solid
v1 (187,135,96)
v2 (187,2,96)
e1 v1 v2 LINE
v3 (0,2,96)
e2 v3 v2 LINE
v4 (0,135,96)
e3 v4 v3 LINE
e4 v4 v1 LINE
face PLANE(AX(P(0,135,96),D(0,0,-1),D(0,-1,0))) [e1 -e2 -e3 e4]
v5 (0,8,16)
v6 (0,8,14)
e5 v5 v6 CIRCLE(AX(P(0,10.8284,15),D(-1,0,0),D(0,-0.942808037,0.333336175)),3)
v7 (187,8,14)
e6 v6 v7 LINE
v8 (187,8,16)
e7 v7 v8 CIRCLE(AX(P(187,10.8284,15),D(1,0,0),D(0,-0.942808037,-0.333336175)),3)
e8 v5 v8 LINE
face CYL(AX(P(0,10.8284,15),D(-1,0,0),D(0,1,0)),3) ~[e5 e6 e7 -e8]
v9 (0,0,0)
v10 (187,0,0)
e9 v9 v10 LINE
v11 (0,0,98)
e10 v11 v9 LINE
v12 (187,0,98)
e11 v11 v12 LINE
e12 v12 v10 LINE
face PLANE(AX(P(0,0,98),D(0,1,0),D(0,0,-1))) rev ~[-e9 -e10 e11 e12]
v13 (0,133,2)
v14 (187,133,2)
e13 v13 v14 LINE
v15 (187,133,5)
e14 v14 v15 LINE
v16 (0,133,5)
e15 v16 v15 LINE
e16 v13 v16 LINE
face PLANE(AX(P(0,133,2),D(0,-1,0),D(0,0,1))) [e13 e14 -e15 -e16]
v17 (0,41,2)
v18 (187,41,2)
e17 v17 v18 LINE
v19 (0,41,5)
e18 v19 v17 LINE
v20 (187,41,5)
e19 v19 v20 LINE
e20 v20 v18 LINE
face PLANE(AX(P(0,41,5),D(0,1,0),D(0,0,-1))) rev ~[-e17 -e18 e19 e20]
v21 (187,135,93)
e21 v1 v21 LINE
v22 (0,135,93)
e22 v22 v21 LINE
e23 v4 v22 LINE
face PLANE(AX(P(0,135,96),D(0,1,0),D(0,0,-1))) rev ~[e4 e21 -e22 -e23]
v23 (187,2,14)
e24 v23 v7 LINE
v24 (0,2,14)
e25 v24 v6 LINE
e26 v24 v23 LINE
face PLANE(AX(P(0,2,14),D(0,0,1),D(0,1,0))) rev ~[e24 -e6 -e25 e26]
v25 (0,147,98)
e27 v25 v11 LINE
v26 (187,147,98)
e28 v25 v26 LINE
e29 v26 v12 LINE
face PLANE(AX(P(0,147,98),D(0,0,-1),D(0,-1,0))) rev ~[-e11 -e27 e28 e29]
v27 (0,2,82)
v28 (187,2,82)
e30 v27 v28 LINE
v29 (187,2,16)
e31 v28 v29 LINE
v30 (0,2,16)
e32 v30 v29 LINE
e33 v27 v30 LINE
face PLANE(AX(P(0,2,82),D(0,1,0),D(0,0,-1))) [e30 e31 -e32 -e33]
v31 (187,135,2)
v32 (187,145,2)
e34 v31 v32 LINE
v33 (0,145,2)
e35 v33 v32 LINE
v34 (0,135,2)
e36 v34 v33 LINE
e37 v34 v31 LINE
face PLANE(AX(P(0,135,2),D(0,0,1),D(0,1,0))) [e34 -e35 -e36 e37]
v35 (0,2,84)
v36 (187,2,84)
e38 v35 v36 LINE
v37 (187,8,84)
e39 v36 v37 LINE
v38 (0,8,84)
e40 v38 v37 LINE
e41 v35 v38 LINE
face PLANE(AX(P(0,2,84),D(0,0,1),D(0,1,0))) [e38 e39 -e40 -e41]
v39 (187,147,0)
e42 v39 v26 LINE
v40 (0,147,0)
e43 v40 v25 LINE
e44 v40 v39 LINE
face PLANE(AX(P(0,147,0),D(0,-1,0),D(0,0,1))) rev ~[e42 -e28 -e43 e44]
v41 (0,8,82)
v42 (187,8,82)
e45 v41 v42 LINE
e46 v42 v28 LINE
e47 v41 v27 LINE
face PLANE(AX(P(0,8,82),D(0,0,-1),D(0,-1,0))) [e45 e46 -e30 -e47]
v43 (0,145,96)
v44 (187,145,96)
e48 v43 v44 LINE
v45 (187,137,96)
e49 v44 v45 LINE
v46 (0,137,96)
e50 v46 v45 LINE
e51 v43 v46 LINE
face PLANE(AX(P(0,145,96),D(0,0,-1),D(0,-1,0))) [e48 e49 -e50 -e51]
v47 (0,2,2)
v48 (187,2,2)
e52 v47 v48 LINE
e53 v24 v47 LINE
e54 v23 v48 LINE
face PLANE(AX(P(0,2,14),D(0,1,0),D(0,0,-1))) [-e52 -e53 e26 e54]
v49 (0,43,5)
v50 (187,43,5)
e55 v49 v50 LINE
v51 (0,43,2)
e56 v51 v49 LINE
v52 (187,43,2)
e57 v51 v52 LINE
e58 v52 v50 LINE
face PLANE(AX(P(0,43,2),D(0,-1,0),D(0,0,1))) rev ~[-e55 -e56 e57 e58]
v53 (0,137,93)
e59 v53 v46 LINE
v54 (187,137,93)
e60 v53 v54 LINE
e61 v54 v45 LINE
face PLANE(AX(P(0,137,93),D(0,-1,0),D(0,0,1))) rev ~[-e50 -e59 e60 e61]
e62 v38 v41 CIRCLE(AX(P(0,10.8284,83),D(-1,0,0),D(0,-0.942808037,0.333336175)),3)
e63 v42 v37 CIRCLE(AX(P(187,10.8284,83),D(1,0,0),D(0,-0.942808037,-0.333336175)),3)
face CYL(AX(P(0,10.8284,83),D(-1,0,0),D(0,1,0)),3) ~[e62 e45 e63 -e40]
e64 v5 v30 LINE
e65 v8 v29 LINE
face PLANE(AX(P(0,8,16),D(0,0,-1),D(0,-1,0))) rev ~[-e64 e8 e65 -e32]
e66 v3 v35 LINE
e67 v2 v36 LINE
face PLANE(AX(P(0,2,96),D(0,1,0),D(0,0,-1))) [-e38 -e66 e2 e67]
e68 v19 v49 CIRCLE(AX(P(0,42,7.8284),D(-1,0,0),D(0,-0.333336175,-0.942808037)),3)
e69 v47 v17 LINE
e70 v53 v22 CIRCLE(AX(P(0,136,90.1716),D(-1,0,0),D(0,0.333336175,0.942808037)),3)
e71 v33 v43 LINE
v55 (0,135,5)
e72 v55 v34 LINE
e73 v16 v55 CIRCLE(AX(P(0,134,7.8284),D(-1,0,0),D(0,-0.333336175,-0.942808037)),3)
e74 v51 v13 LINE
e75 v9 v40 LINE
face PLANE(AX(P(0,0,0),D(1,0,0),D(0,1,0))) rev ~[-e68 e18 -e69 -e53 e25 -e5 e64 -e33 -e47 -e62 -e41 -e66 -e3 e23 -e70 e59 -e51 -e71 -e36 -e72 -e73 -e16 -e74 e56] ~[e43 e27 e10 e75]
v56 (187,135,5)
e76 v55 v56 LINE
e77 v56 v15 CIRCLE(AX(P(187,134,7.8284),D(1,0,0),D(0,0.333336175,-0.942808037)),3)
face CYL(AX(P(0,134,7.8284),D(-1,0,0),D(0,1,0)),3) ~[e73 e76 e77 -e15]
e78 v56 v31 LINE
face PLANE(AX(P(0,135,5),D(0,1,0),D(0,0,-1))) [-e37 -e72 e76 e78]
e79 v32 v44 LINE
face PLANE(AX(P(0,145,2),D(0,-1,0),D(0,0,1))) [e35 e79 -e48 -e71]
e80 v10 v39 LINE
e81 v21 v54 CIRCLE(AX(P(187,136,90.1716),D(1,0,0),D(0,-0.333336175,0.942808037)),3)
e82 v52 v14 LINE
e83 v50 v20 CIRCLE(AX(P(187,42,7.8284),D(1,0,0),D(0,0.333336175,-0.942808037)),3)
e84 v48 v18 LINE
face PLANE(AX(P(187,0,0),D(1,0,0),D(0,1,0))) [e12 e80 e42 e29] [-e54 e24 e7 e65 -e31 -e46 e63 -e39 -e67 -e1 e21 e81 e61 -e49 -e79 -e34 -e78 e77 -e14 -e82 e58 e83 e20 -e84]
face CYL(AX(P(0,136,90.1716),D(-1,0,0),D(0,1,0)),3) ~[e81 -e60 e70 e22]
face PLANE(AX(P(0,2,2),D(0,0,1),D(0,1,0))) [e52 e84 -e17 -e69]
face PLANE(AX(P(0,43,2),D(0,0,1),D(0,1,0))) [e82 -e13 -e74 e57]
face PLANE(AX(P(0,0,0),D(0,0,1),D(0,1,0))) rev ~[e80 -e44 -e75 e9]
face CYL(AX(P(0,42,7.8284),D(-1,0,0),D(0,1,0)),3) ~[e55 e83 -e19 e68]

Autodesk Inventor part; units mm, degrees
ref_plane "YZ Plane" through (0, 0, 0) normal (1, 0, 0) x (0, 1, 0)
ref_plane "XZ Plane" through (0, 0, 0) normal (0, 1, 0) x (-1, 0, 0)
ref_plane "XY Plane" through (0, 0, 0) normal (0, 0, 1) x (1, 0, 0)
sketch "Sketch1" plane through (0, 0, 0) normal (1, 0, 0) x (0, 1, 0)
  line L0 (0, 0) -> (147, 0)
  line L1 (147, 0) -> (147, 98)
  line L2 (147, 98) -> (0, 98)
  line L3 (0, 98) -> (0, 0)
  line L4 (2, 2) -> (145, 2)
  line L5 (145, 2) -> (145, 96)
  line L6 (145, 96) -> (2, 96)
  line L7 (2, 96) -> (2, 2)
  line L8 (137, 96) -> (135, 96)
  line L9 (135, 96) -> (135, 93)
  line L10 (135, 93) -> (137, 93)
  line L11 (137, 93) -> (137, 96)
  circle A0 centre (136, 90.1716) radius 3
  line L12 (135, 2) -> (133, 2)
  line L13 (133, 2) -> (133, 5)
  line L14 (133, 5) -> (135, 5)
  line L15 (135, 5) -> (135, 2)
  circle A1 centre (134, 7.8284) radius 3
  line L16 (2, 84) -> (8, 84)
  line L17 (8, 84) -> (8, 82)
  line L18 (8, 82) -> (2, 82)
  line L19 (2, 82) -> (2, 84)
  line L20 (2, 14) -> (8, 14)
  line L21 (8, 14) -> (8, 16)
  line L22 (8, 16) -> (2, 16)
  line L23 (2, 16) -> (2, 14)
  line L24 (41, 2) -> (43, 2)
  line L25 (43, 2) -> (43, 5)
  line L26 (43, 5) -> (41, 5)
  line L27 (41, 5) -> (41, 2)
  circle A2 centre (10.8284, 83) radius 3
  circle A3 centre (10.8284, 15) radius 3
  circle A4 centre (42, 7.8284) radius 3
  point P0 (2, 16)
  dimension "d36" = 2
  dimension "d37" = 2
  dimension "d38" = 2
  dimension "d39" = 2
  dimension "d40" = 98
  dimension "d41" = 147
  dimension "d42" = 2
  dimension "d43" = 3
  dimension "d44" = 6
  dimension "d45" = 11
  dimension "d46" = 3
  dimension "d47" = 2
  dimension "d48" = 6
  dimension "d49" = 11
  dimension "d50" = 2
  dimension "d51" = 2
  dimension "d52" = 6
  dimension "d53" = 2
  dimension "d54" = 3
  dimension "d55" = 6
  dimension "d56" = 6
  dimension "d57" = 6
  dimension "d58" = 15
  dimension "d60" = 15
  dimension "d61" = 42
extrude "Extrusion1" add sketch "Sketch1" along normal blind 187 contours L3 L2 L1 L0 | L27 A4 L25 L4 | L7 L22 A3 L20 | A4 L26 | L26 A4 | A3 L21 | L21 A3 | L13 A1 L15 L4 | L7 L16 A2 L18 | A1 L14 | L14 A1 | A2 L17 | L17 A2 | L6 L11 A0 L9 | A0 L10 | L10 A0
equation "\"d37\" = d36"
equation "\"d38\" = d36"
equation "\"d39\" = d36"
equation "\"d46\" = d43"
equation "\"d47\" = d42"
equation "\"d48\" = d44"
equation "\"d49\" = d45"
equation "\"d50\" = d42"
equation "\"d51\" = d42"
equation "\"d53\" = d42"
equation "\"d54\" = d43"
equation "\"d55\" = d44"
equation "\"d56\" = d44"
equation "\"d57\" = d44"
properties part number "shell"
